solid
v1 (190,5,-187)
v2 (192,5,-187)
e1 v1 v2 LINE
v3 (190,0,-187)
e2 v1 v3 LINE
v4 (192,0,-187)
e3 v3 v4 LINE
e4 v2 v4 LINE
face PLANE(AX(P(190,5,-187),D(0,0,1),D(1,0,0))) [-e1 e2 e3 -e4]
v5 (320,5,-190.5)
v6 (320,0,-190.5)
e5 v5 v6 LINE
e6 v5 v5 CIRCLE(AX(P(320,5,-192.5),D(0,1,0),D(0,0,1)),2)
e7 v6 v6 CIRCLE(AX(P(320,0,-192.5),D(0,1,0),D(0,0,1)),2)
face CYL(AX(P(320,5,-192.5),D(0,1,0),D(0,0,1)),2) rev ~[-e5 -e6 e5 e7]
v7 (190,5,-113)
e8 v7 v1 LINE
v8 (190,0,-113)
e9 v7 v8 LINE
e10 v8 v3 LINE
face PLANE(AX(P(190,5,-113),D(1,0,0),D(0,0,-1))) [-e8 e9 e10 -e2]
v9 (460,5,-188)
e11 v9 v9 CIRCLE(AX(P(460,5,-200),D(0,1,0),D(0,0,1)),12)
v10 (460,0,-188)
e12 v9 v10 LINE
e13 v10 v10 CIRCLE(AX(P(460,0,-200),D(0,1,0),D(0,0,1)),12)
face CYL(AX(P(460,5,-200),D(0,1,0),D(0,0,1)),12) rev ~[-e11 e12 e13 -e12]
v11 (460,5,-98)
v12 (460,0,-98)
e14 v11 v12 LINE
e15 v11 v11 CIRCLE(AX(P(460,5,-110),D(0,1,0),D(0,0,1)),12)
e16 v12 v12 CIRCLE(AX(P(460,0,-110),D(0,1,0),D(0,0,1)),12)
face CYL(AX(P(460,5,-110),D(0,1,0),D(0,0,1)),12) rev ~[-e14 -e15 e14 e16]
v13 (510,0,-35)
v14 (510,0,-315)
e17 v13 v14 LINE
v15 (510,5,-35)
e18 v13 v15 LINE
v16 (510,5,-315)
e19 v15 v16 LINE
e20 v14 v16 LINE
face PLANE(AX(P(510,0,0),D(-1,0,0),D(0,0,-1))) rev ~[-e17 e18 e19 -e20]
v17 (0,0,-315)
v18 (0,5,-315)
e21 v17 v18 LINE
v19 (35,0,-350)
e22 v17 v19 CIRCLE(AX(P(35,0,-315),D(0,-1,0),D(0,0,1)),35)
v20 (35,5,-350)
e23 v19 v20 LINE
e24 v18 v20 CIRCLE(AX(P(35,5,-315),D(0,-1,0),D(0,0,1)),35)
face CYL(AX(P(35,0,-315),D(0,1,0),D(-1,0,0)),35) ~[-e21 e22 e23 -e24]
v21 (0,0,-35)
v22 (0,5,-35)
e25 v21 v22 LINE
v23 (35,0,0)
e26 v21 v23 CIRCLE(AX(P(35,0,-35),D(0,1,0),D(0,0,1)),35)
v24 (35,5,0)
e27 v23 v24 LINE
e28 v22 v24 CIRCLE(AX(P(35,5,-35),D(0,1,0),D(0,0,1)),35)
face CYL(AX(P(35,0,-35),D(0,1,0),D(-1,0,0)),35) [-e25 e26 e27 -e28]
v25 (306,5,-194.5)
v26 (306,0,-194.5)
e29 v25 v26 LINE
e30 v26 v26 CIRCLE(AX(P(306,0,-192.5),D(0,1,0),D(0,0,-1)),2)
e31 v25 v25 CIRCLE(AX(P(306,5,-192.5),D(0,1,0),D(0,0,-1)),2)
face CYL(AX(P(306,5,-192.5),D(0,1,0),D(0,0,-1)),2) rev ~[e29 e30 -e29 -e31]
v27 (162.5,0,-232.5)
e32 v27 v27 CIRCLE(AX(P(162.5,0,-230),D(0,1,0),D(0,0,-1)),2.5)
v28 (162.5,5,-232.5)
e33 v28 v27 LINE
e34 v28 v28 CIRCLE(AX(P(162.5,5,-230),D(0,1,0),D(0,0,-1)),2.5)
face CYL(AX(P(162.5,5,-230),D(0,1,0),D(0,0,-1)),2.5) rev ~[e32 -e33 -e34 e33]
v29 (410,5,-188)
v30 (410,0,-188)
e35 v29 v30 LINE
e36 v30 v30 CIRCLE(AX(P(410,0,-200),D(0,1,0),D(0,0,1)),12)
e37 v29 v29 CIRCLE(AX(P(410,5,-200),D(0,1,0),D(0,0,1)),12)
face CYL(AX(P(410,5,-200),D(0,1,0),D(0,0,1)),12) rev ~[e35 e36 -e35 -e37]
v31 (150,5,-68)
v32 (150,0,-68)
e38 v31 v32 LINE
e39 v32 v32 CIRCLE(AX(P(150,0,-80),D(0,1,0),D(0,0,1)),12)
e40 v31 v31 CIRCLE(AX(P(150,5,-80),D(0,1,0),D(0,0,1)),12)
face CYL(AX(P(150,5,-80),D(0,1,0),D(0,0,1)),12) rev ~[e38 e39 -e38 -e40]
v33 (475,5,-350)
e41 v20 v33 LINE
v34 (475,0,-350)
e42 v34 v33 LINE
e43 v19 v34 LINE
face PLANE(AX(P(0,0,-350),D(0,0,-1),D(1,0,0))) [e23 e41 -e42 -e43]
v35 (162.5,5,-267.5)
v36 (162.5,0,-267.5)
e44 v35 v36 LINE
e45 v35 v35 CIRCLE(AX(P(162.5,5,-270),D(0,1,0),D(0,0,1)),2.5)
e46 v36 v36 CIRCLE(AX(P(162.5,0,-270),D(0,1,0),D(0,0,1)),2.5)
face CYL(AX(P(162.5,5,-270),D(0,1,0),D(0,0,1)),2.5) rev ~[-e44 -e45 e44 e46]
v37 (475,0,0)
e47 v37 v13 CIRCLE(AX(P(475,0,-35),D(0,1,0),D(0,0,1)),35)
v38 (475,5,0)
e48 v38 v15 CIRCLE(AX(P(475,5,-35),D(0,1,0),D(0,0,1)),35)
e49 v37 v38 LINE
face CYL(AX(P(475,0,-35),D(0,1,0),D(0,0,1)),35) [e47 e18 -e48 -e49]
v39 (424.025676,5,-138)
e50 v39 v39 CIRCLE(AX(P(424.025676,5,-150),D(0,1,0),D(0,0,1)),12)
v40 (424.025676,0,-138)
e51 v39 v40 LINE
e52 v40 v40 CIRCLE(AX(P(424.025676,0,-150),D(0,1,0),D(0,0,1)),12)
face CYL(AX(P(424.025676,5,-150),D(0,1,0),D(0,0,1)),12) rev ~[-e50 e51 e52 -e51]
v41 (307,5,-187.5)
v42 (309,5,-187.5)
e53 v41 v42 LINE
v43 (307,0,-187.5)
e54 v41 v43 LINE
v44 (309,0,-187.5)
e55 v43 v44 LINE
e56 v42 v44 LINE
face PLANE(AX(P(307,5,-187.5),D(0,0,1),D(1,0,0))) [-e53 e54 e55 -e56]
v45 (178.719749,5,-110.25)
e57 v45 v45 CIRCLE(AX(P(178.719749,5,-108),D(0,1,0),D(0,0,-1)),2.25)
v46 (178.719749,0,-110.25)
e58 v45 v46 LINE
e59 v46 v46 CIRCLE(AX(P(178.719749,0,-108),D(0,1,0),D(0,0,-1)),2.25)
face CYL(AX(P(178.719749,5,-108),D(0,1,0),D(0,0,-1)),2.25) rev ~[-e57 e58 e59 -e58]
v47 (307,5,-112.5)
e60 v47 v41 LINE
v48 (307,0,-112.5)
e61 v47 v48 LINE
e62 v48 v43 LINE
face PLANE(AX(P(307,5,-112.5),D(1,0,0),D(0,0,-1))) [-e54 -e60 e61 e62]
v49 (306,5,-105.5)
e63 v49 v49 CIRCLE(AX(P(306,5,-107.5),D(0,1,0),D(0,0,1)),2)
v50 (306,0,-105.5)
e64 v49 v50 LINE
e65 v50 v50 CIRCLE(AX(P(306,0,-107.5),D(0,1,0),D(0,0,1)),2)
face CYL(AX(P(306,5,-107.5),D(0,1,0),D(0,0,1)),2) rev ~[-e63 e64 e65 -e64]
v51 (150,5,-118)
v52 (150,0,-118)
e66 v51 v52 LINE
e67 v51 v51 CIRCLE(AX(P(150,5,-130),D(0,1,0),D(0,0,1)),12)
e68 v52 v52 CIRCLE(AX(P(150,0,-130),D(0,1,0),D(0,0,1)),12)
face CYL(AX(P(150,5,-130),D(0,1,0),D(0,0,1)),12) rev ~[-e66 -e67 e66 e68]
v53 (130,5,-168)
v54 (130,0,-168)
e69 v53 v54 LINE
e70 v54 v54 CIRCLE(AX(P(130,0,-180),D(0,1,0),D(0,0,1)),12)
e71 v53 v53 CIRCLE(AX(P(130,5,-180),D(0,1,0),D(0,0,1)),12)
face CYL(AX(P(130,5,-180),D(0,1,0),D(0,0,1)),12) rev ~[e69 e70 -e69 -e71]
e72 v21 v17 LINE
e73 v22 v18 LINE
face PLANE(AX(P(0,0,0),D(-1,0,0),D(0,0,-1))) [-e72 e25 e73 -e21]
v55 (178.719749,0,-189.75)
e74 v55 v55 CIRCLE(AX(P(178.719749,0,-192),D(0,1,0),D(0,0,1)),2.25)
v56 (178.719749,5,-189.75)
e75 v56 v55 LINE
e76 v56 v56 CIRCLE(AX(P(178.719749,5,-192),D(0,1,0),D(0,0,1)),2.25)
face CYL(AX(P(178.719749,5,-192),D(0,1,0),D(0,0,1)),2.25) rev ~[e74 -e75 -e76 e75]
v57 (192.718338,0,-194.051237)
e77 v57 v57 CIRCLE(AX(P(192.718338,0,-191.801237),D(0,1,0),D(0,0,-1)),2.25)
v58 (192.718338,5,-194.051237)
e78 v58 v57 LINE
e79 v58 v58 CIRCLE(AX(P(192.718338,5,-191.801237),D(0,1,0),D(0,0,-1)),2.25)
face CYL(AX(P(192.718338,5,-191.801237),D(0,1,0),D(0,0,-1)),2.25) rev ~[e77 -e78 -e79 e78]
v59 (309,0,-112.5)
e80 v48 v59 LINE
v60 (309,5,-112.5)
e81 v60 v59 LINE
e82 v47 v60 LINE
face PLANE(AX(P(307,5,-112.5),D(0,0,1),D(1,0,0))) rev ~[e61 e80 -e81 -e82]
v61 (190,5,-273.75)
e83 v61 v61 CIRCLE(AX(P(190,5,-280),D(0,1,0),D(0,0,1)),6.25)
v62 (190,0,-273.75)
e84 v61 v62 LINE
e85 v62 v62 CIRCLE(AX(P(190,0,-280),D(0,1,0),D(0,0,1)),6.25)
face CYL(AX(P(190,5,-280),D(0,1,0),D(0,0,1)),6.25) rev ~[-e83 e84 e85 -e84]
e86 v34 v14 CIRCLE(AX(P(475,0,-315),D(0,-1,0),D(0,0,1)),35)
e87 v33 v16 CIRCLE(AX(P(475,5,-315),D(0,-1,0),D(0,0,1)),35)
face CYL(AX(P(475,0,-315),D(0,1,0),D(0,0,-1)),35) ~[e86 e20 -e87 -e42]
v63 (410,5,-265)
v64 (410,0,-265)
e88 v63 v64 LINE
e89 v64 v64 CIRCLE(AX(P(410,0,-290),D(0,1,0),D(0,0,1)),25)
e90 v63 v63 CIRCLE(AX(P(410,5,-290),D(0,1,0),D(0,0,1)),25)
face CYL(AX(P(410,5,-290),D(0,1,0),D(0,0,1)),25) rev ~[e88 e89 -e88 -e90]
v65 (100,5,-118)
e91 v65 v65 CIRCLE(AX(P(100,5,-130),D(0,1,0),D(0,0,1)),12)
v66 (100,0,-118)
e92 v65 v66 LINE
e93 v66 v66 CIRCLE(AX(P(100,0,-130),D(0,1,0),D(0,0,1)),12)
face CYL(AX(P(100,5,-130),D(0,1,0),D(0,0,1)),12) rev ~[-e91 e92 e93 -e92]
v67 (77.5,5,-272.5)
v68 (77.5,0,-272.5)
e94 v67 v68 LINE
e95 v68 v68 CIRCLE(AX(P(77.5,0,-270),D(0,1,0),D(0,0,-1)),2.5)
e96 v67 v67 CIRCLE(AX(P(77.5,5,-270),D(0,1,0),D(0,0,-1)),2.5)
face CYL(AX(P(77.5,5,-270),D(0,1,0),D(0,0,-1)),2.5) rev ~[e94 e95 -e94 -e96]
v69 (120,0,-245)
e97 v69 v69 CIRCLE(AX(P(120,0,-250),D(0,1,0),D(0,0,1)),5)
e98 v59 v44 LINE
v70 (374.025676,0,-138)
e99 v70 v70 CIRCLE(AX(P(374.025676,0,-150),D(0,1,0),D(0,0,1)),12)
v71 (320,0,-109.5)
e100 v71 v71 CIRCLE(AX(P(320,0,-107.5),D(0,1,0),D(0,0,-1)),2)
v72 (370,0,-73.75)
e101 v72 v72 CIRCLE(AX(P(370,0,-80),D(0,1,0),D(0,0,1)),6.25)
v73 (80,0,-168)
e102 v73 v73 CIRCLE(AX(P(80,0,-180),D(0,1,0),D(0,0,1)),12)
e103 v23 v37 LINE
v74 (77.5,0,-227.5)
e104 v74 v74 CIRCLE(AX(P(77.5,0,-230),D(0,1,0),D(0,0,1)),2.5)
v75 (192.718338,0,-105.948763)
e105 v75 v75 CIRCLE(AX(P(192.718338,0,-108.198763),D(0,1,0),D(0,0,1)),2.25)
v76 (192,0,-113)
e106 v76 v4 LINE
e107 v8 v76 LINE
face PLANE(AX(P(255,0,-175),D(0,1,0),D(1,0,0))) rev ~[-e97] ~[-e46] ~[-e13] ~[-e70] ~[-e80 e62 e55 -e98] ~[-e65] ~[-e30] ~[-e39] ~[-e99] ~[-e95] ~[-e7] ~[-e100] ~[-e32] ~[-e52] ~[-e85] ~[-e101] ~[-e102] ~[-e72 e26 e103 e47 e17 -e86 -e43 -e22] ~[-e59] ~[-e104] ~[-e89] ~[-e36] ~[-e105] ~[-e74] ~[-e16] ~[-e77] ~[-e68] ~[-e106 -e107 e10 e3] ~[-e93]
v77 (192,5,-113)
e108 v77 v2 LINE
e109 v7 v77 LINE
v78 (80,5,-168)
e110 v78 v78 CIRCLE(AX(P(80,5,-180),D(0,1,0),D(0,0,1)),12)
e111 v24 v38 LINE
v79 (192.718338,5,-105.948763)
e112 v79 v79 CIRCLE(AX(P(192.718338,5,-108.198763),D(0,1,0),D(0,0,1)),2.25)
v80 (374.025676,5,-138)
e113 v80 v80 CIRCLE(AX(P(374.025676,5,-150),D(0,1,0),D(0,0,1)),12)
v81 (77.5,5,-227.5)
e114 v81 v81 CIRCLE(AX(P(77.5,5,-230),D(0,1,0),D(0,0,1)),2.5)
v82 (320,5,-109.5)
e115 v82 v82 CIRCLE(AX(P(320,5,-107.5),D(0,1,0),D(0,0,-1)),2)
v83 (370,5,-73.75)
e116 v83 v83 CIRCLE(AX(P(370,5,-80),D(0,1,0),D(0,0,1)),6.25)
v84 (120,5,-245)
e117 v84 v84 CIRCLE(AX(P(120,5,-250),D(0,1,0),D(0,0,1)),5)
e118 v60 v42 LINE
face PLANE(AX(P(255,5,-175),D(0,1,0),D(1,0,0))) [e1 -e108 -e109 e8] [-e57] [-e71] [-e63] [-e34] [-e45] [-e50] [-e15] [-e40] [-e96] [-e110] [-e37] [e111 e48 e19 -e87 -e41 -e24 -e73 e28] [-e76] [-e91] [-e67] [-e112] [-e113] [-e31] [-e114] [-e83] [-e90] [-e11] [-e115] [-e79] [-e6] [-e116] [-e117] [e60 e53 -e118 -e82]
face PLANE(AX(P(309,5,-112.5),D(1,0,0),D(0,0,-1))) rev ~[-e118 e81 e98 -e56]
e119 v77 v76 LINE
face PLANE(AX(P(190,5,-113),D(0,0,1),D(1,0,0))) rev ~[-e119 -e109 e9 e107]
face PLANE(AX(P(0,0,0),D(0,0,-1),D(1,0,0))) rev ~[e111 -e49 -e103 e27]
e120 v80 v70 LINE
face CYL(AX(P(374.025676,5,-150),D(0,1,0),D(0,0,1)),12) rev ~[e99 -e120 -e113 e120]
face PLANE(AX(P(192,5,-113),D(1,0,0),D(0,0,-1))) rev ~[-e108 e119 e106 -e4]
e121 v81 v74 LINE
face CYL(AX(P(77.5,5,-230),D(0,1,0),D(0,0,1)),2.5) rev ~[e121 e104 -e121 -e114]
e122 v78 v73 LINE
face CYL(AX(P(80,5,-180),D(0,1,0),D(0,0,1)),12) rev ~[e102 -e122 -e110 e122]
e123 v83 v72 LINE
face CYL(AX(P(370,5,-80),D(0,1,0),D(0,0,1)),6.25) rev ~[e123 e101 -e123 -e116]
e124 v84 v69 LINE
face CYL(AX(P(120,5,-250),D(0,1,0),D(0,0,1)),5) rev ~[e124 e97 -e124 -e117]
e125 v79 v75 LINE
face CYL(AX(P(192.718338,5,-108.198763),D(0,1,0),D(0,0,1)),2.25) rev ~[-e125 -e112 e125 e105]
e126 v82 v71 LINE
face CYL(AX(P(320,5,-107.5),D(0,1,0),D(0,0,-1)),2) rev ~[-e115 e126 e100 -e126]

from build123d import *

# Parameters (mm, degrees)
SKETCH1_W               = 510
SKETCH1_H               = 350
BOSS_EXTRUDE1_DEPTH     = 5
SKETCH2_R               = 5
SKETCH2_R_2             = 2.5
F_1_JOYYSTICK_DEPTH     = 619.566892098
SKETCH3_R               = 12
F_1_BUTTONS_DEPTH       = 619.566892098
SKETCH4_R               = 6.25
F_1_ROCKET_SWITCH_DEPTH = 619.566892098
SKETCH5_R               = 2.25
SKETCH5_W               = 2
SKETCH5_H               = 74
F_1_POTENTIOMETER_DEPTH = 619.566892098
FILLET1_R               = 35
SKETCH6_R               = 12
F_2_BUTTONS_DEPTH       = 619.566892098
SKETCH9_R               = 25
F_2_SPEAKER_DEPTH       = 619.566892098
SKETCH10_R              = 6.25
F_2_ROCKET_SWITCH_DEPTH = 619.566892098
SKETCH8_R               = 2
SKETCH8_W               = 2
SKETCH8_H               = 75
F_2_POTENTIOMETER_DEPTH = 619.566892098


with BuildPart() as part:
    # Sketch1 → Boss-Extrude1 (new body)
    with BuildSketch(Plane(origin=(0, 0, 0), x_dir=(1, 0, 0), z_dir=(0, 1, 0))):
        with Locations((255, 175)):
            Rectangle(SKETCH1_W, SKETCH1_H)
    extrude(amount=BOSS_EXTRUDE1_DEPTH)

    # Sketch2 → 1 Joyystick (cut, through all)
    with BuildSketch(Plane(origin=(0, 5, 0), x_dir=(1, 0, 0), z_dir=(0, 1, 0))):
        with Locations((120, 250)):
            Circle(SKETCH2_R)
        with Locations((162.5, 270)):
            Circle(SKETCH2_R_2)
        with Locations((162.5, 230)):
            Circle(SKETCH2_R_2)
        with Locations((77.5, 230)):
            Circle(SKETCH2_R_2)
        with Locations((77.5, 270)):
            Circle(SKETCH2_R_2)
    extrude(amount=-F_1_JOYYSTICK_DEPTH, mode=Mode.SUBTRACT)

    # Sketch3 → 1 Buttons (cut, through all)
    with BuildSketch(Plane(origin=(0, 5, 0), x_dir=(1, 0, 0), z_dir=(0, 1, 0))):
        with Locations((80, 180)):
            Circle(SKETCH3_R)
        with Locations((130, 180)):
            Circle(SKETCH3_R)
        with Locations((100, 130)):
            Circle(SKETCH3_R)
        with Locations((150, 130)):
            Circle(SKETCH3_R)
        with Locations((150, 80)):
            Circle(SKETCH3_R)
    extrude(amount=-F_1_BUTTONS_DEPTH, mode=Mode.SUBTRACT)

    # Sketch4 → 1 Rocket Switch (cut, through all)
    with BuildSketch(Plane(origin=(0, 5, 0), x_dir=(1, 0, 0), z_dir=(0, 1, 0))):
        with Locations((190, 280)):
            Circle(SKETCH4_R)
    extrude(amount=-F_1_ROCKET_SWITCH_DEPTH, mode=Mode.SUBTRACT)

    # Sketch5 → 1 Potentiometer (cut, through all)
    with BuildSketch(Plane(origin=(0, 5, 0), x_dir=(1, 0, 0), z_dir=(0, 1, 0))):
        with Locations((178.719749064, 192)):
            Circle(SKETCH5_R)
        with Locations((192.718338039, 191.801237073)):
            Circle(SKETCH5_R)
        with Locations((192.718338039, 108.198762927)):
            Circle(SKETCH5_R)
        with Locations((178.719749064, 108)):
            Circle(SKETCH5_R)
        with Locations((191, 150)):
            Rectangle(SKETCH5_W, SKETCH5_H)
    extrude(amount=-F_1_POTENTIOMETER_DEPTH, mode=Mode.SUBTRACT)

    # Fillet1
    fillet1_edges = [part.edges().sort_by_distance(p)[0] for p in [
        (0, 2.5, 0),
        (510, 2.5, 0),
        (510, 2.5, -350),
        (0, 2.5, -350),
    ]]
    fillet(fillet1_edges, radius=FILLET1_R)

    # Sketch6 → 2 Buttons (cut, through all)
    with BuildSketch(Plane(origin=(0, 5, 0), x_dir=(1, 0, 0), z_dir=(0, 1, 0))):
        with Locations((460, 200)):
            Circle(SKETCH6_R)
        with Locations((410, 200)):
            Circle(SKETCH6_R)
        with Locations((424.025675508, 150)):
            Circle(SKETCH6_R)
        with Locations((374.025675508, 150)):
            Circle(SKETCH6_R)
        with Locations((460, 110)):
            Circle(SKETCH6_R)
    extrude(amount=-F_2_BUTTONS_DEPTH, mode=Mode.SUBTRACT)

    # Sketch9 → 2 speaker (cut, through all)
    with BuildSketch(Plane(origin=(0, 5, 0), x_dir=(1, 0, 0), z_dir=(0, 1, 0))):
        with Locations((410, 290)):
            Circle(SKETCH9_R)
    extrude(amount=-F_2_SPEAKER_DEPTH, mode=Mode.SUBTRACT)

    # Sketch10 → 2 Rocket Switch (cut, through all)
    with BuildSketch(Plane(origin=(0, 5, 0), x_dir=(1, 0, 0), z_dir=(0, 1, 0))):
        with Locations((370, 80)):
            Circle(SKETCH10_R)
    extrude(amount=-F_2_ROCKET_SWITCH_DEPTH, mode=Mode.SUBTRACT)

    # Sketch8 → 2 Potentiometer (cut, through all)
    with BuildSketch(Plane(origin=(0, 5, 0), x_dir=(1, 0, 0), z_dir=(0, 1, 0))):
        with Locations((320, 192.5)):
            Circle(SKETCH8_R)
        with Locations((320, 107.5)):
            Circle(SKETCH8_R)
        with Locations((306, 107.5)):
            Circle(SKETCH8_R)
        with Locations((306, 192.5)):
            Circle(SKETCH8_R)
        with Locations((308, 150)):
            Rectangle(SKETCH8_W, SKETCH8_H)
    extrude(amount=-F_2_POTENTIOMETER_DEPTH, mode=Mode.SUBTRACT)


solid = part.part
